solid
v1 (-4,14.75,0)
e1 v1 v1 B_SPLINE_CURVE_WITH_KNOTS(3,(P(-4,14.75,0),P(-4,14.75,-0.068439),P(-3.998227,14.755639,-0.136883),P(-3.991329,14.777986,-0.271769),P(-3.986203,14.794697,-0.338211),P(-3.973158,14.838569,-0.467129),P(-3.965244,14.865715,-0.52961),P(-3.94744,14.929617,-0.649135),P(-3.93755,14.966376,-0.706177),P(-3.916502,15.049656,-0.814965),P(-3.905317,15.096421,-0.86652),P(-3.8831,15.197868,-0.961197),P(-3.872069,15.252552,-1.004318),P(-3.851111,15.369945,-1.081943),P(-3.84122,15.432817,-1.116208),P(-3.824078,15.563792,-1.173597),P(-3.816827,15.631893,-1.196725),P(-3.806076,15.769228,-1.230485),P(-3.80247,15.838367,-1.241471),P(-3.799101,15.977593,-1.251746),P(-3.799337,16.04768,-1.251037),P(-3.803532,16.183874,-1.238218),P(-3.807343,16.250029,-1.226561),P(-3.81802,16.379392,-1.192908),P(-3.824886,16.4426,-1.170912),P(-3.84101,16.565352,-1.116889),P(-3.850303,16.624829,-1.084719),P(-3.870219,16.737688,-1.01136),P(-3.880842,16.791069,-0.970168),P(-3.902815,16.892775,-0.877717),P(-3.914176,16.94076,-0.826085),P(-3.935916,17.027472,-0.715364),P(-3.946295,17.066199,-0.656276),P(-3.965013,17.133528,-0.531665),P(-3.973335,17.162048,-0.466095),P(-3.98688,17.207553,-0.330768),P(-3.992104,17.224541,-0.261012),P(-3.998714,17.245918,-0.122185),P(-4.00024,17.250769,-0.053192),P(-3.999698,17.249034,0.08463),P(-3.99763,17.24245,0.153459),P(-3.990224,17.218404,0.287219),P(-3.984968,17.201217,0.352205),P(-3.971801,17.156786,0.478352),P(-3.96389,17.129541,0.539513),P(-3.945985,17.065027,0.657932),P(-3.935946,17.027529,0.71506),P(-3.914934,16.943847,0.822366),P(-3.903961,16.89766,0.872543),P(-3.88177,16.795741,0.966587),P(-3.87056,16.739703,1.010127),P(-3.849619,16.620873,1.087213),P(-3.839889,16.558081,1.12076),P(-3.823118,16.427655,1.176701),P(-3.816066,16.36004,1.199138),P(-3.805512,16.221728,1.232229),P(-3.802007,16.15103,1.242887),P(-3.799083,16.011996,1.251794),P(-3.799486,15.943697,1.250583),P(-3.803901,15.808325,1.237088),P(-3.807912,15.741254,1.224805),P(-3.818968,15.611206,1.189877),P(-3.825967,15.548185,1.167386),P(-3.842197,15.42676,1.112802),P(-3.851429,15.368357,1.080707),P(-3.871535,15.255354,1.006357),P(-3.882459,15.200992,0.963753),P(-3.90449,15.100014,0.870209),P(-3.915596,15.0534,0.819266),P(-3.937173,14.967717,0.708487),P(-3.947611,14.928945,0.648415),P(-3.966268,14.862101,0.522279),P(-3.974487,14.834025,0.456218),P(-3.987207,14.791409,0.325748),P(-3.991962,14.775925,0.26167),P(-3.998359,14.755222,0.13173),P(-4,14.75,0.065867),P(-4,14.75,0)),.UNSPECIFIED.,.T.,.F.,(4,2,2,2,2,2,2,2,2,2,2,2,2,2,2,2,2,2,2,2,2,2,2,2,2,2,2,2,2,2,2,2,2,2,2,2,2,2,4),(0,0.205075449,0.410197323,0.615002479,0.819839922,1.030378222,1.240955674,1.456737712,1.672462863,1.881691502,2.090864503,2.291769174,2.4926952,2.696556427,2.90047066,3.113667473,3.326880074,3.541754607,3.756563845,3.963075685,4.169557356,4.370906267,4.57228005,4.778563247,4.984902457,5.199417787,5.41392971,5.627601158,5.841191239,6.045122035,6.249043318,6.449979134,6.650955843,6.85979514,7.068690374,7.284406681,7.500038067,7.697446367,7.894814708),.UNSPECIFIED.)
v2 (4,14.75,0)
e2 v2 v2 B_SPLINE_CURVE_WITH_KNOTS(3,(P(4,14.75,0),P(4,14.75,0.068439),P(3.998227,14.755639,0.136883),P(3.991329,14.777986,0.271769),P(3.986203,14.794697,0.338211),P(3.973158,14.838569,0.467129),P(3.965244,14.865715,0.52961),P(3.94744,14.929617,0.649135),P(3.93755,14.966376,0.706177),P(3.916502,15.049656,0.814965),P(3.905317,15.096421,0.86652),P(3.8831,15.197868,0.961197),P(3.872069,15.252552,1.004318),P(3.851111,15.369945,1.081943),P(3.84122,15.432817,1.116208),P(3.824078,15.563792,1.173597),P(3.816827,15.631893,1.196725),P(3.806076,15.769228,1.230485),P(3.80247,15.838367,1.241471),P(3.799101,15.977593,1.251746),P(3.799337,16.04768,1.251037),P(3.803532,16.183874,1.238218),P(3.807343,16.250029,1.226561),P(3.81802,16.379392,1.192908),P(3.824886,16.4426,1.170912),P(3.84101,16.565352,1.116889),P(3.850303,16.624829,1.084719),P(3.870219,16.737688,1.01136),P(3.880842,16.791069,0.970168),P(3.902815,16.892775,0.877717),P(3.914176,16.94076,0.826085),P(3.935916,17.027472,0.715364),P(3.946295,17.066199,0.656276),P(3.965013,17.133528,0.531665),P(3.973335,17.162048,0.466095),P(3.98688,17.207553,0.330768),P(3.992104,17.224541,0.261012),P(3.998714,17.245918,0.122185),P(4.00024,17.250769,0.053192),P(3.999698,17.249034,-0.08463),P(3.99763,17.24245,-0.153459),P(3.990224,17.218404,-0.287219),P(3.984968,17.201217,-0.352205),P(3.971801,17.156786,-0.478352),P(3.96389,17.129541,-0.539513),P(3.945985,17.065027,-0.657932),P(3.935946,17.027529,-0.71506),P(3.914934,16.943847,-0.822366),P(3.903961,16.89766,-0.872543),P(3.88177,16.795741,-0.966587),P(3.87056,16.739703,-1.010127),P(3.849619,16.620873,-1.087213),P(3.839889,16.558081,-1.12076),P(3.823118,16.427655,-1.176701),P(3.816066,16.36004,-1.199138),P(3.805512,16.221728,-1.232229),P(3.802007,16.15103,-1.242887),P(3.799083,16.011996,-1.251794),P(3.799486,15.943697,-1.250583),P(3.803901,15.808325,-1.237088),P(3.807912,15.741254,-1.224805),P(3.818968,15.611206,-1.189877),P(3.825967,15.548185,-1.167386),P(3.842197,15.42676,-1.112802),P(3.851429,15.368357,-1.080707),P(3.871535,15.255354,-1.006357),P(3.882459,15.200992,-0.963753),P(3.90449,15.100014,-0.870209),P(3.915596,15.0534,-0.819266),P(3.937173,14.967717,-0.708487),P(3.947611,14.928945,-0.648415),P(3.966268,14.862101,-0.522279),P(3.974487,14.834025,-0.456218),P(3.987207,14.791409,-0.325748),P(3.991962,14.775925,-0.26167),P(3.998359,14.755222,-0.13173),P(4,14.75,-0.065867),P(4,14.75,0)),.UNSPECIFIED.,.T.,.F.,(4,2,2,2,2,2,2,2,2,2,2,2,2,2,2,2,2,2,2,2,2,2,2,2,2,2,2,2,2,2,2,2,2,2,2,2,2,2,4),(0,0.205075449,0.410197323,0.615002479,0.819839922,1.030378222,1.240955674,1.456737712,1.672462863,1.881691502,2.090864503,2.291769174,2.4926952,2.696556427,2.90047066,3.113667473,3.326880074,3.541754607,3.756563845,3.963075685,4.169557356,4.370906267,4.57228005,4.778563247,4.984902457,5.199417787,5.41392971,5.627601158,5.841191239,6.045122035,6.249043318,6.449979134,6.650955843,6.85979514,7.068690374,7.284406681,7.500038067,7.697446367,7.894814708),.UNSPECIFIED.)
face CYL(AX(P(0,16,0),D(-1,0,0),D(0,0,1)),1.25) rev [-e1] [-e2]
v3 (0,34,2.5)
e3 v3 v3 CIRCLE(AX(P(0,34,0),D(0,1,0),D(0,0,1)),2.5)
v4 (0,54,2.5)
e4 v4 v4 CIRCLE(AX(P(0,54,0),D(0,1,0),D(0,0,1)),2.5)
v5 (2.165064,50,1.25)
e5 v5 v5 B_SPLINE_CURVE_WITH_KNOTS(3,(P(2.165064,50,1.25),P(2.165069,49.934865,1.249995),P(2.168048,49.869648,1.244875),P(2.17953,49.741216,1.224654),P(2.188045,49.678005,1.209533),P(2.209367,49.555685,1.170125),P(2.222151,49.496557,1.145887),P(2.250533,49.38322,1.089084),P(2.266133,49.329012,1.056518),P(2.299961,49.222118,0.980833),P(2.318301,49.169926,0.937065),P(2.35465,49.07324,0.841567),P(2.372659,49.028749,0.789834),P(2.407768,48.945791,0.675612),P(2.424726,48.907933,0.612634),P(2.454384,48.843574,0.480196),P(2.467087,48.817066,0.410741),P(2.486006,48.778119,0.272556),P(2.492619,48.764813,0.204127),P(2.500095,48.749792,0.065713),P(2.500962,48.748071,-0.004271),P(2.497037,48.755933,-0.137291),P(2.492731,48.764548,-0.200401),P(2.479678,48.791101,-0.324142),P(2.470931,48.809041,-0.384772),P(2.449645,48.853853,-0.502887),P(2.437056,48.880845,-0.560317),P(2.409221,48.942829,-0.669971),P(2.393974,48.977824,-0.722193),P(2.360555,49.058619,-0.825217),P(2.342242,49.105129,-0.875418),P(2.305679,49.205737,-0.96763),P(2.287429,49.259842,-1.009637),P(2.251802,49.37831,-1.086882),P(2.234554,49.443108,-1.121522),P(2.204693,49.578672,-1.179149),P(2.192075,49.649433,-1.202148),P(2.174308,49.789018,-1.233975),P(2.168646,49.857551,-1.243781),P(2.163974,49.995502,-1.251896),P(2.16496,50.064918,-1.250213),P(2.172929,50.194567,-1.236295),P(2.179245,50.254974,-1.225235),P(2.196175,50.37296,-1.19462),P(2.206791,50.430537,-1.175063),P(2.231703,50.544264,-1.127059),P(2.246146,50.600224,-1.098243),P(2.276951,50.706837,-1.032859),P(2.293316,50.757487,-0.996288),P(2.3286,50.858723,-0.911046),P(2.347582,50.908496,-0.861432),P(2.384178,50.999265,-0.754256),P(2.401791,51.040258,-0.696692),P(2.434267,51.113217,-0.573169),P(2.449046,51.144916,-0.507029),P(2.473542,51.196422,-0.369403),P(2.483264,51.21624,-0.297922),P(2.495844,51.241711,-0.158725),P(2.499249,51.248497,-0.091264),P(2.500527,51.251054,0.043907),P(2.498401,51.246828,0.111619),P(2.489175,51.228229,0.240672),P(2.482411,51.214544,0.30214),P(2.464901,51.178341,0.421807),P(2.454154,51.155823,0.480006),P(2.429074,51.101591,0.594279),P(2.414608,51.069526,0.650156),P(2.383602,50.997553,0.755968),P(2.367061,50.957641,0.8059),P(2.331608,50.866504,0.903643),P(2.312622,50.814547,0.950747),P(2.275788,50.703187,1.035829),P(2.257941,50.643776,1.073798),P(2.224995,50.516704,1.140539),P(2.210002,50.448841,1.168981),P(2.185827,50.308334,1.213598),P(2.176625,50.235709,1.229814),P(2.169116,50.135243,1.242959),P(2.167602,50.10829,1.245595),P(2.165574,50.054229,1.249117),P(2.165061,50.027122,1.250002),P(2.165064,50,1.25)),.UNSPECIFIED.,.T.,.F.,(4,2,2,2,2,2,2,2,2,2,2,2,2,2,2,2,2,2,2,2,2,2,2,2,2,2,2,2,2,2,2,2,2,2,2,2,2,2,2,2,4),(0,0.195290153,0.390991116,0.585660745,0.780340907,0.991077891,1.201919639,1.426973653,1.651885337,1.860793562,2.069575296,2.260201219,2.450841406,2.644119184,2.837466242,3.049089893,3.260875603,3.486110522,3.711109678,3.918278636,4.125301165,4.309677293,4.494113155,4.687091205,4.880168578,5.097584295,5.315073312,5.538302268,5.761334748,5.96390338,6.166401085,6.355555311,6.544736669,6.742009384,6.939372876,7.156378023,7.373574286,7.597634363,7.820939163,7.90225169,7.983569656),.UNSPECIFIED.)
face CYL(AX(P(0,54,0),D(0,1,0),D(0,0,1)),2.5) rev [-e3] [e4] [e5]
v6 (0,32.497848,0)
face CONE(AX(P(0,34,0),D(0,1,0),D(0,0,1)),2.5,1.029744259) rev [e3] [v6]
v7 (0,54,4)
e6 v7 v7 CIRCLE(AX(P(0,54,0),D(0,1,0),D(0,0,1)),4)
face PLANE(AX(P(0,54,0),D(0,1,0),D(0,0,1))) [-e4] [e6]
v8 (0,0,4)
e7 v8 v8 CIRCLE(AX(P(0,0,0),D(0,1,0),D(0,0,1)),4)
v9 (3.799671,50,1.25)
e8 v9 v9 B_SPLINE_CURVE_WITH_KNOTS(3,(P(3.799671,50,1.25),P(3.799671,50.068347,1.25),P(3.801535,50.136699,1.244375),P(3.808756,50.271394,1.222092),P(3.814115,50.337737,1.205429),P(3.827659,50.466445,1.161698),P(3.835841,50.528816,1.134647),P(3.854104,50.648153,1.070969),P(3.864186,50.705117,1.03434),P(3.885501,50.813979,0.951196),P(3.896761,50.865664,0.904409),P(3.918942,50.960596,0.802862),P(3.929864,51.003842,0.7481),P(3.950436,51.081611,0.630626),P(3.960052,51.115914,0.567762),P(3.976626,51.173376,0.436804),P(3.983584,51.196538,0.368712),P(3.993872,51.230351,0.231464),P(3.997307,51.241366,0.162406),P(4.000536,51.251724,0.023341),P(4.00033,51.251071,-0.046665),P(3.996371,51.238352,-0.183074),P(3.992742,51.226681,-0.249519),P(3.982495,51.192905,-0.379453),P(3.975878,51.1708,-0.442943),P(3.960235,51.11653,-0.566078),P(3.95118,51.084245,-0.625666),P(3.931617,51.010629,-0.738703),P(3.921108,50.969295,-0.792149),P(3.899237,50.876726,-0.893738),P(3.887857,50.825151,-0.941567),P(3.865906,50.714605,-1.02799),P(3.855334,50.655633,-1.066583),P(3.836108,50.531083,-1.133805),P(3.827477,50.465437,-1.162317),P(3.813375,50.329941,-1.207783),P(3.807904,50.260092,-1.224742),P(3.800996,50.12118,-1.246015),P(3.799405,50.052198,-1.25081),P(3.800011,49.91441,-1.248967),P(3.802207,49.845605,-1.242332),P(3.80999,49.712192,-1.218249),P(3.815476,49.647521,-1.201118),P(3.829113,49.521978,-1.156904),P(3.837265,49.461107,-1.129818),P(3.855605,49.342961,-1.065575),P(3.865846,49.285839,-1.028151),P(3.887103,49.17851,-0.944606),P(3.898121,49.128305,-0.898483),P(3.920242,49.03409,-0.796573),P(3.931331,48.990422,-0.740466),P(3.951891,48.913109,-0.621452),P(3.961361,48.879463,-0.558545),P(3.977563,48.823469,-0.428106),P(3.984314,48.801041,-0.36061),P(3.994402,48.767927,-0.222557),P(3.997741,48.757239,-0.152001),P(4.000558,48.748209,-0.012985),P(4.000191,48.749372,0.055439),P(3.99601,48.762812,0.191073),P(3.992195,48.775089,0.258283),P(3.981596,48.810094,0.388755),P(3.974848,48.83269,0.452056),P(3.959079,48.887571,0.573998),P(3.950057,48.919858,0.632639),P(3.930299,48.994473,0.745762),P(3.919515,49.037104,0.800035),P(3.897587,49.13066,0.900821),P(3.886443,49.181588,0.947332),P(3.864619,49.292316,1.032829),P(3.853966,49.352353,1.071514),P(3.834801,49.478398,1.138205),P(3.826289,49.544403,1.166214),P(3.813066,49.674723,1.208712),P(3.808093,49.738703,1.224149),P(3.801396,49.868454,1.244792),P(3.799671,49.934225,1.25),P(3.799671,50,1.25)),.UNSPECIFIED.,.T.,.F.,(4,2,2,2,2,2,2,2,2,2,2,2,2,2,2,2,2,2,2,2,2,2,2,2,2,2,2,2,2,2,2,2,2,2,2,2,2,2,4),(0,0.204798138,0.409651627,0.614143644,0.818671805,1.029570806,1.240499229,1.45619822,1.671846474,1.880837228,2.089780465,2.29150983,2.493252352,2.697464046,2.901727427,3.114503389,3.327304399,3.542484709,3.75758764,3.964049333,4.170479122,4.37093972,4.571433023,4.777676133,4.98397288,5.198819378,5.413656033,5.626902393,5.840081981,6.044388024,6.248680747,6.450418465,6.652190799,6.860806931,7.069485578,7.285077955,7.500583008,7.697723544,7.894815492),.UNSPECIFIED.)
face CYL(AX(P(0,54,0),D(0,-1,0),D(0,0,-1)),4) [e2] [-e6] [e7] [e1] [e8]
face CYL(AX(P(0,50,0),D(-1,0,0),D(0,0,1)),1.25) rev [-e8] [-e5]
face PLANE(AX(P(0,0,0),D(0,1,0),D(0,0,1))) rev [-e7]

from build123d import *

# Parameters (mm, degrees)
SKETCH1_R                   = 4
BOSS_EXTRUDE1_DEPTH         = 54
F_5_0MM_DOWEL_HOLE2_D       = 5
F_5_0MM_DOWEL_HOLE2_DEPTH   = 20
F_5_0MM_DOWEL_HOLE2_TIP     = 1.502151548
SKETCH14_W                  = 1.25
SKETCH14_H                  = 4
TAP_DRILL_FOR_M3X0_5_TAP4_D = 2.5


with BuildPart() as part:
    # Sketch1 → Boss-Extrude1 (new body)
    with BuildSketch(Plane(origin=(0, 0, 0), x_dir=(1, 0, 0), z_dir=(0, 1, 0))):
        with Locations(Location((0, 0, 0), (0, 0, 270))):
            Circle(SKETCH1_R)
    extrude(amount=BOSS_EXTRUDE1_DEPTH)

    # Ø5.0mm Dowel Hole2
    with Locations(Plane.ZX.offset(54)):
        with Locations((0, 0)):
            Hole(F_5_0MM_DOWEL_HOLE2_D / 2, depth=F_5_0MM_DOWEL_HOLE2_DEPTH)
            with Locations((0, 0, -(F_5_0MM_DOWEL_HOLE2_DEPTH + F_5_0MM_DOWEL_HOLE2_TIP / 2))):  # 118° drill point
                Cone(0, F_5_0MM_DOWEL_HOLE2_D / 2, F_5_0MM_DOWEL_HOLE2_TIP, mode=Mode.SUBTRACT)

    # Sketch12 → Tap Drill for M3x0.5 Tap2 (revolve, cut)
    with BuildSketch(Plane.ZX.offset(50)):
        Polygon((0, 0), (0, 20.751075774), (1.25, 20), (1.25, 0), align=None)
    revolve(axis=Axis((-6.35, 50, 0), (1, 0, 0)), mode=Mode.SUBTRACT)

    # Sketch14 → Tap Drill for M3x0.5 Tap3 (revolve, cut)
    with BuildSketch(Plane.ZX.offset(16)):
        with Locations((0.625, 2)):
            Rectangle(SKETCH14_W, SKETCH14_H)
    revolve(axis=Axis((-6.35, 16, 0), (1, 0, 0)), mode=Mode.SUBTRACT)

    # Tap Drill for M3x0.5 Tap4 (through all)
    with Locations(Plane(origin=(0, 0, 0), x_dir=(0, 0, -1), z_dir=(1, 0, 0))):
        with Locations((0, 16)):
            Hole(TAP_DRILL_FOR_M3X0_5_TAP4_D / 2)


solid = part.part
